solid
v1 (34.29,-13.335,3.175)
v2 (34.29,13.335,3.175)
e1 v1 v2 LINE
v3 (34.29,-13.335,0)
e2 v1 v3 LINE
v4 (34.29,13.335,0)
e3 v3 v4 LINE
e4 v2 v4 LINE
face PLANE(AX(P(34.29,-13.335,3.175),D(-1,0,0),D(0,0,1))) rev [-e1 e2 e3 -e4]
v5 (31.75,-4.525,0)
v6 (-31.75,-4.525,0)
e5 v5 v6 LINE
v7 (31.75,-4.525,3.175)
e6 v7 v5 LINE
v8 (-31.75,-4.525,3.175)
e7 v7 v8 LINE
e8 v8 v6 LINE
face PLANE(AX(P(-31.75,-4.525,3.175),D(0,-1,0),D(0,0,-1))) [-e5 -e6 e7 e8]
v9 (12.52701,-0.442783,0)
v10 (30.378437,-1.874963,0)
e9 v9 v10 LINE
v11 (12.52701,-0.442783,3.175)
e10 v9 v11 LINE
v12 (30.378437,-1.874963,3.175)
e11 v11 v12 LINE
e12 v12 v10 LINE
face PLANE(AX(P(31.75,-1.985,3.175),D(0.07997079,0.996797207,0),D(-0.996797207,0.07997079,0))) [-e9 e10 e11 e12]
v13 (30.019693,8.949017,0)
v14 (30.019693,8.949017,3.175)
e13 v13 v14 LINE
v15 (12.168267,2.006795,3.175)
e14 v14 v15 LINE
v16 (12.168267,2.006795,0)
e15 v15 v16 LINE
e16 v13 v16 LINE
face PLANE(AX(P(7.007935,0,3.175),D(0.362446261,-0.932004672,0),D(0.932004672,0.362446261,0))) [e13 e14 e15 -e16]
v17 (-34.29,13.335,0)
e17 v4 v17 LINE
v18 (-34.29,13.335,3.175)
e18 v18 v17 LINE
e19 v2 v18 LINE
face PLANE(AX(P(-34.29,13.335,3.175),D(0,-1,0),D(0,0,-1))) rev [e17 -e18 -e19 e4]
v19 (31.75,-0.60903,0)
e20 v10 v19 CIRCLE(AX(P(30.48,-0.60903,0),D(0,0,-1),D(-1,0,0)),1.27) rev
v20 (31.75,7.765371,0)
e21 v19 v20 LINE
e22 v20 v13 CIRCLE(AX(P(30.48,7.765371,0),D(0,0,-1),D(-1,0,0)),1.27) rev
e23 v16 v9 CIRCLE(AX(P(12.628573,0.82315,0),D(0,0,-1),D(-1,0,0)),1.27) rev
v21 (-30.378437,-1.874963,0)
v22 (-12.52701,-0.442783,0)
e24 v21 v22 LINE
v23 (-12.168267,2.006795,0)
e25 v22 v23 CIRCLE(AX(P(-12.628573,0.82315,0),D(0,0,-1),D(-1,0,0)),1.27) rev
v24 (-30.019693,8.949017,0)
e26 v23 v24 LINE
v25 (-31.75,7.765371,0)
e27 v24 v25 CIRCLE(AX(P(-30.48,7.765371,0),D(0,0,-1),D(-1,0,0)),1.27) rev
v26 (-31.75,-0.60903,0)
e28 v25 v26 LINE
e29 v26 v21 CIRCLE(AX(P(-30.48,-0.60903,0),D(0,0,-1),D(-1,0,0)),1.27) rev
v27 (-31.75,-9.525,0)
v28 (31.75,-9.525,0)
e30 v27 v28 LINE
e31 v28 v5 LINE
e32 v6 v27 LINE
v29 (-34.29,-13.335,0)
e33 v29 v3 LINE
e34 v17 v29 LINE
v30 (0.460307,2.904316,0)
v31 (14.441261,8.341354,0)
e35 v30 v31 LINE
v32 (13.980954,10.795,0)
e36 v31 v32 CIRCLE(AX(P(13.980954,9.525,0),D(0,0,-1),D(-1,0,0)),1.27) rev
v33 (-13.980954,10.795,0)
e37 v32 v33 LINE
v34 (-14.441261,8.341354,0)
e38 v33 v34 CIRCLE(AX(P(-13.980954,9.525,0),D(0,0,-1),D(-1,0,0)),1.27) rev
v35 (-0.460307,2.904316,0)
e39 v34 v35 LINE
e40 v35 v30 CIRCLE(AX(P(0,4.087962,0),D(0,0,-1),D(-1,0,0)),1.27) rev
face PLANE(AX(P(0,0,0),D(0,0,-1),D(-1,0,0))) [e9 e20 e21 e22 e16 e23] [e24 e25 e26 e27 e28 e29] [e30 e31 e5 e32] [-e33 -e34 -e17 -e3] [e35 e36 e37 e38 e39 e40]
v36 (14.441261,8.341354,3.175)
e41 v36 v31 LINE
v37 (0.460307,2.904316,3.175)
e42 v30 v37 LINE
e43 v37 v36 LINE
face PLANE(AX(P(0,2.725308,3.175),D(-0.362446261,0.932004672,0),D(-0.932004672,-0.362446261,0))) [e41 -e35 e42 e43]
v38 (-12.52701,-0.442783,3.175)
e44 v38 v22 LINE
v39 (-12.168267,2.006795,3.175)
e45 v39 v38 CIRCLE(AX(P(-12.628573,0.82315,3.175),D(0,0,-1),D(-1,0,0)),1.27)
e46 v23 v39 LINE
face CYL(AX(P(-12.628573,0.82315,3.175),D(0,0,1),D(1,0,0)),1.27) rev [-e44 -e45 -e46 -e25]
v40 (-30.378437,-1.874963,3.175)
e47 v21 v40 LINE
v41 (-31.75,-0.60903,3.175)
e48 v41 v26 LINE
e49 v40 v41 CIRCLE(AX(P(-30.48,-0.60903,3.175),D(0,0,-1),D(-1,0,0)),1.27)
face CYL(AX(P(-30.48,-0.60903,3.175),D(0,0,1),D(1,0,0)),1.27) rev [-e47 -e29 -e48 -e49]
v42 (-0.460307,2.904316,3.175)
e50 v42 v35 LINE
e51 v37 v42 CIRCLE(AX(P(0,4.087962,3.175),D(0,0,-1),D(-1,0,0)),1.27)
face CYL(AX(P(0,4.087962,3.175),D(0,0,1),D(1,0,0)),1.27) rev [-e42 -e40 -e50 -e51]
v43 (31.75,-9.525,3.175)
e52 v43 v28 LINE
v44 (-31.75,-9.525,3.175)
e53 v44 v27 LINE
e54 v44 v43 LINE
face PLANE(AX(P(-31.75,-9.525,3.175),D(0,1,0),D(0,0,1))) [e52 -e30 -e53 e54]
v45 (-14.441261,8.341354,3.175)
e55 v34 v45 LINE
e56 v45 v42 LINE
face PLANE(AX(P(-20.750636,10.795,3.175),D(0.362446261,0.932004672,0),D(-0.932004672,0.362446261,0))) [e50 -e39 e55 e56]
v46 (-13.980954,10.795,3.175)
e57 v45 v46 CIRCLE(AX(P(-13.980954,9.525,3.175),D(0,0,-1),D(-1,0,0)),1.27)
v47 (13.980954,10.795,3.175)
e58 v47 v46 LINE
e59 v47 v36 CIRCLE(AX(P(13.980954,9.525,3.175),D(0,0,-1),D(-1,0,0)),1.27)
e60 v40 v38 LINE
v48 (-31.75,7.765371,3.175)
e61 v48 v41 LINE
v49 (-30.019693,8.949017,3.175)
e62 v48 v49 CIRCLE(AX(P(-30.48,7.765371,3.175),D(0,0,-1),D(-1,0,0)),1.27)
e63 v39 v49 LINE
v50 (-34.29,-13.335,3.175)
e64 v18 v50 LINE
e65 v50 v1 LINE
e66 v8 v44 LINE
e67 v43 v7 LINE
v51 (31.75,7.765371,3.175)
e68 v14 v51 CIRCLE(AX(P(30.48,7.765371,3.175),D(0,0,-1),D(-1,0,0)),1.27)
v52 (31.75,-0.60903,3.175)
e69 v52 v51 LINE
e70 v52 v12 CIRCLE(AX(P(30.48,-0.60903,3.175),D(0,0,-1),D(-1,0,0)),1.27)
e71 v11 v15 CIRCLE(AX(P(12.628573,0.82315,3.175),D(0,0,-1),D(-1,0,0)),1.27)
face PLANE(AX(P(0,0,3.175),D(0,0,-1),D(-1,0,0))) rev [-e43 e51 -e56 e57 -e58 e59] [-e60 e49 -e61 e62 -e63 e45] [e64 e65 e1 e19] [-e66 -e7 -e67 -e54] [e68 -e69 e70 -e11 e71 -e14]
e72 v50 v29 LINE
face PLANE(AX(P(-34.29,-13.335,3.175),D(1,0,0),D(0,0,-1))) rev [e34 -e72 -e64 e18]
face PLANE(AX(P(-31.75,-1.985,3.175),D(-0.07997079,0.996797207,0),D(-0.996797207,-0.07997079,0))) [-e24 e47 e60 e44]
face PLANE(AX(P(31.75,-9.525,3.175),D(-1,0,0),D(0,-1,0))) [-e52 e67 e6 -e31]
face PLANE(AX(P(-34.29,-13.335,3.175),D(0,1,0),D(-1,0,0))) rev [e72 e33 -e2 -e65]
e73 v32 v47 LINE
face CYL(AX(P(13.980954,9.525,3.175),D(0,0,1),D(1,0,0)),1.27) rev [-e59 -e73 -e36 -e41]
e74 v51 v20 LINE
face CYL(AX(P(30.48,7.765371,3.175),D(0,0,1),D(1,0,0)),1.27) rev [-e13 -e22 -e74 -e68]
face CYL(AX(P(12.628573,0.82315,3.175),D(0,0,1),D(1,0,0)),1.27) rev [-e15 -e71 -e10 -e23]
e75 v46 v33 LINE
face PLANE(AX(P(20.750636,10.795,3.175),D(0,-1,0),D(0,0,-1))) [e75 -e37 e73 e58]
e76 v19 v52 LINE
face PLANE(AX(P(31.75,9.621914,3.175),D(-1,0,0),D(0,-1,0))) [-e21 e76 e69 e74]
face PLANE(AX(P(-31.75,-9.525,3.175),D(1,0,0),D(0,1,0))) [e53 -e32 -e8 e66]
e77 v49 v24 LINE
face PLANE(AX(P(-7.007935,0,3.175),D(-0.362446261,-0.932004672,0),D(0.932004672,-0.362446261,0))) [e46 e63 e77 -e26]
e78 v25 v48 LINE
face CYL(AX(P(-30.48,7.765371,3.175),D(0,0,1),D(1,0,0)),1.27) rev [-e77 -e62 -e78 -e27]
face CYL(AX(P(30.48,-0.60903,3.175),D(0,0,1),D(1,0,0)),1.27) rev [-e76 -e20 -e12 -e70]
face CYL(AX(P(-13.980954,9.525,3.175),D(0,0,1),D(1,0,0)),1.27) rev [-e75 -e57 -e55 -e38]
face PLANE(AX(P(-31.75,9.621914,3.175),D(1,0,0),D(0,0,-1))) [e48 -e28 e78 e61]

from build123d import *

# Parameters (mm, degrees)
SKETCH1_W           = 68.58
SKETCH1_H           = 26.67
SKETCH1_W_2         = 63.5
SKETCH1_H_2         = 5
BOSS_EXTRUDE1_DEPTH = 3.175
FILLET1_R           = 1.27


with BuildPart() as part:
    # Sketch1 → Boss-Extrude1 (new body)
    with BuildSketch(Plane.XY):
        Rectangle(SKETCH1_W, SKETCH1_H)
        Polygon((-20.750635985, 10.795), (0, 2.725308228), (20.750635985, 10.795), align=None, mode=Mode.SUBTRACT)
        with Locations((0, -7.025)):
            Rectangle(SKETCH1_W_2, SKETCH1_H_2, mode=Mode.SUBTRACT)
        Polygon((-31.75, 9.621913994), (-31.75, -1.985), (-7.007935444, 0), align=None, mode=Mode.SUBTRACT)
        Polygon((7.007935444, 0), (31.75, 9.621913994), (31.75, -1.985), align=None, mode=Mode.SUBTRACT)
    extrude(amount=BOSS_EXTRUDE1_DEPTH)

    # Fillet1
    fillet1_edges = [part.edges().sort_by_distance(p)[0] for p in [
        (20.750635985, 10.795, 1.5875),
        (-20.750635985, 10.795, 1.5875),
        (0, 2.725308228, 1.5875),
        (-7.007935444, 0, 1.5875),
        (-31.75, 9.621913994, 1.5875),
        (-31.75, -1.985, 1.5875),
        (7.007935444, 0, 1.5875),
        (31.75, -1.985, 1.5875),
        (31.75, 9.621913994, 1.5875),
    ]]
    fillet(fillet1_edges, radius=FILLET1_R)


solid = part.part
